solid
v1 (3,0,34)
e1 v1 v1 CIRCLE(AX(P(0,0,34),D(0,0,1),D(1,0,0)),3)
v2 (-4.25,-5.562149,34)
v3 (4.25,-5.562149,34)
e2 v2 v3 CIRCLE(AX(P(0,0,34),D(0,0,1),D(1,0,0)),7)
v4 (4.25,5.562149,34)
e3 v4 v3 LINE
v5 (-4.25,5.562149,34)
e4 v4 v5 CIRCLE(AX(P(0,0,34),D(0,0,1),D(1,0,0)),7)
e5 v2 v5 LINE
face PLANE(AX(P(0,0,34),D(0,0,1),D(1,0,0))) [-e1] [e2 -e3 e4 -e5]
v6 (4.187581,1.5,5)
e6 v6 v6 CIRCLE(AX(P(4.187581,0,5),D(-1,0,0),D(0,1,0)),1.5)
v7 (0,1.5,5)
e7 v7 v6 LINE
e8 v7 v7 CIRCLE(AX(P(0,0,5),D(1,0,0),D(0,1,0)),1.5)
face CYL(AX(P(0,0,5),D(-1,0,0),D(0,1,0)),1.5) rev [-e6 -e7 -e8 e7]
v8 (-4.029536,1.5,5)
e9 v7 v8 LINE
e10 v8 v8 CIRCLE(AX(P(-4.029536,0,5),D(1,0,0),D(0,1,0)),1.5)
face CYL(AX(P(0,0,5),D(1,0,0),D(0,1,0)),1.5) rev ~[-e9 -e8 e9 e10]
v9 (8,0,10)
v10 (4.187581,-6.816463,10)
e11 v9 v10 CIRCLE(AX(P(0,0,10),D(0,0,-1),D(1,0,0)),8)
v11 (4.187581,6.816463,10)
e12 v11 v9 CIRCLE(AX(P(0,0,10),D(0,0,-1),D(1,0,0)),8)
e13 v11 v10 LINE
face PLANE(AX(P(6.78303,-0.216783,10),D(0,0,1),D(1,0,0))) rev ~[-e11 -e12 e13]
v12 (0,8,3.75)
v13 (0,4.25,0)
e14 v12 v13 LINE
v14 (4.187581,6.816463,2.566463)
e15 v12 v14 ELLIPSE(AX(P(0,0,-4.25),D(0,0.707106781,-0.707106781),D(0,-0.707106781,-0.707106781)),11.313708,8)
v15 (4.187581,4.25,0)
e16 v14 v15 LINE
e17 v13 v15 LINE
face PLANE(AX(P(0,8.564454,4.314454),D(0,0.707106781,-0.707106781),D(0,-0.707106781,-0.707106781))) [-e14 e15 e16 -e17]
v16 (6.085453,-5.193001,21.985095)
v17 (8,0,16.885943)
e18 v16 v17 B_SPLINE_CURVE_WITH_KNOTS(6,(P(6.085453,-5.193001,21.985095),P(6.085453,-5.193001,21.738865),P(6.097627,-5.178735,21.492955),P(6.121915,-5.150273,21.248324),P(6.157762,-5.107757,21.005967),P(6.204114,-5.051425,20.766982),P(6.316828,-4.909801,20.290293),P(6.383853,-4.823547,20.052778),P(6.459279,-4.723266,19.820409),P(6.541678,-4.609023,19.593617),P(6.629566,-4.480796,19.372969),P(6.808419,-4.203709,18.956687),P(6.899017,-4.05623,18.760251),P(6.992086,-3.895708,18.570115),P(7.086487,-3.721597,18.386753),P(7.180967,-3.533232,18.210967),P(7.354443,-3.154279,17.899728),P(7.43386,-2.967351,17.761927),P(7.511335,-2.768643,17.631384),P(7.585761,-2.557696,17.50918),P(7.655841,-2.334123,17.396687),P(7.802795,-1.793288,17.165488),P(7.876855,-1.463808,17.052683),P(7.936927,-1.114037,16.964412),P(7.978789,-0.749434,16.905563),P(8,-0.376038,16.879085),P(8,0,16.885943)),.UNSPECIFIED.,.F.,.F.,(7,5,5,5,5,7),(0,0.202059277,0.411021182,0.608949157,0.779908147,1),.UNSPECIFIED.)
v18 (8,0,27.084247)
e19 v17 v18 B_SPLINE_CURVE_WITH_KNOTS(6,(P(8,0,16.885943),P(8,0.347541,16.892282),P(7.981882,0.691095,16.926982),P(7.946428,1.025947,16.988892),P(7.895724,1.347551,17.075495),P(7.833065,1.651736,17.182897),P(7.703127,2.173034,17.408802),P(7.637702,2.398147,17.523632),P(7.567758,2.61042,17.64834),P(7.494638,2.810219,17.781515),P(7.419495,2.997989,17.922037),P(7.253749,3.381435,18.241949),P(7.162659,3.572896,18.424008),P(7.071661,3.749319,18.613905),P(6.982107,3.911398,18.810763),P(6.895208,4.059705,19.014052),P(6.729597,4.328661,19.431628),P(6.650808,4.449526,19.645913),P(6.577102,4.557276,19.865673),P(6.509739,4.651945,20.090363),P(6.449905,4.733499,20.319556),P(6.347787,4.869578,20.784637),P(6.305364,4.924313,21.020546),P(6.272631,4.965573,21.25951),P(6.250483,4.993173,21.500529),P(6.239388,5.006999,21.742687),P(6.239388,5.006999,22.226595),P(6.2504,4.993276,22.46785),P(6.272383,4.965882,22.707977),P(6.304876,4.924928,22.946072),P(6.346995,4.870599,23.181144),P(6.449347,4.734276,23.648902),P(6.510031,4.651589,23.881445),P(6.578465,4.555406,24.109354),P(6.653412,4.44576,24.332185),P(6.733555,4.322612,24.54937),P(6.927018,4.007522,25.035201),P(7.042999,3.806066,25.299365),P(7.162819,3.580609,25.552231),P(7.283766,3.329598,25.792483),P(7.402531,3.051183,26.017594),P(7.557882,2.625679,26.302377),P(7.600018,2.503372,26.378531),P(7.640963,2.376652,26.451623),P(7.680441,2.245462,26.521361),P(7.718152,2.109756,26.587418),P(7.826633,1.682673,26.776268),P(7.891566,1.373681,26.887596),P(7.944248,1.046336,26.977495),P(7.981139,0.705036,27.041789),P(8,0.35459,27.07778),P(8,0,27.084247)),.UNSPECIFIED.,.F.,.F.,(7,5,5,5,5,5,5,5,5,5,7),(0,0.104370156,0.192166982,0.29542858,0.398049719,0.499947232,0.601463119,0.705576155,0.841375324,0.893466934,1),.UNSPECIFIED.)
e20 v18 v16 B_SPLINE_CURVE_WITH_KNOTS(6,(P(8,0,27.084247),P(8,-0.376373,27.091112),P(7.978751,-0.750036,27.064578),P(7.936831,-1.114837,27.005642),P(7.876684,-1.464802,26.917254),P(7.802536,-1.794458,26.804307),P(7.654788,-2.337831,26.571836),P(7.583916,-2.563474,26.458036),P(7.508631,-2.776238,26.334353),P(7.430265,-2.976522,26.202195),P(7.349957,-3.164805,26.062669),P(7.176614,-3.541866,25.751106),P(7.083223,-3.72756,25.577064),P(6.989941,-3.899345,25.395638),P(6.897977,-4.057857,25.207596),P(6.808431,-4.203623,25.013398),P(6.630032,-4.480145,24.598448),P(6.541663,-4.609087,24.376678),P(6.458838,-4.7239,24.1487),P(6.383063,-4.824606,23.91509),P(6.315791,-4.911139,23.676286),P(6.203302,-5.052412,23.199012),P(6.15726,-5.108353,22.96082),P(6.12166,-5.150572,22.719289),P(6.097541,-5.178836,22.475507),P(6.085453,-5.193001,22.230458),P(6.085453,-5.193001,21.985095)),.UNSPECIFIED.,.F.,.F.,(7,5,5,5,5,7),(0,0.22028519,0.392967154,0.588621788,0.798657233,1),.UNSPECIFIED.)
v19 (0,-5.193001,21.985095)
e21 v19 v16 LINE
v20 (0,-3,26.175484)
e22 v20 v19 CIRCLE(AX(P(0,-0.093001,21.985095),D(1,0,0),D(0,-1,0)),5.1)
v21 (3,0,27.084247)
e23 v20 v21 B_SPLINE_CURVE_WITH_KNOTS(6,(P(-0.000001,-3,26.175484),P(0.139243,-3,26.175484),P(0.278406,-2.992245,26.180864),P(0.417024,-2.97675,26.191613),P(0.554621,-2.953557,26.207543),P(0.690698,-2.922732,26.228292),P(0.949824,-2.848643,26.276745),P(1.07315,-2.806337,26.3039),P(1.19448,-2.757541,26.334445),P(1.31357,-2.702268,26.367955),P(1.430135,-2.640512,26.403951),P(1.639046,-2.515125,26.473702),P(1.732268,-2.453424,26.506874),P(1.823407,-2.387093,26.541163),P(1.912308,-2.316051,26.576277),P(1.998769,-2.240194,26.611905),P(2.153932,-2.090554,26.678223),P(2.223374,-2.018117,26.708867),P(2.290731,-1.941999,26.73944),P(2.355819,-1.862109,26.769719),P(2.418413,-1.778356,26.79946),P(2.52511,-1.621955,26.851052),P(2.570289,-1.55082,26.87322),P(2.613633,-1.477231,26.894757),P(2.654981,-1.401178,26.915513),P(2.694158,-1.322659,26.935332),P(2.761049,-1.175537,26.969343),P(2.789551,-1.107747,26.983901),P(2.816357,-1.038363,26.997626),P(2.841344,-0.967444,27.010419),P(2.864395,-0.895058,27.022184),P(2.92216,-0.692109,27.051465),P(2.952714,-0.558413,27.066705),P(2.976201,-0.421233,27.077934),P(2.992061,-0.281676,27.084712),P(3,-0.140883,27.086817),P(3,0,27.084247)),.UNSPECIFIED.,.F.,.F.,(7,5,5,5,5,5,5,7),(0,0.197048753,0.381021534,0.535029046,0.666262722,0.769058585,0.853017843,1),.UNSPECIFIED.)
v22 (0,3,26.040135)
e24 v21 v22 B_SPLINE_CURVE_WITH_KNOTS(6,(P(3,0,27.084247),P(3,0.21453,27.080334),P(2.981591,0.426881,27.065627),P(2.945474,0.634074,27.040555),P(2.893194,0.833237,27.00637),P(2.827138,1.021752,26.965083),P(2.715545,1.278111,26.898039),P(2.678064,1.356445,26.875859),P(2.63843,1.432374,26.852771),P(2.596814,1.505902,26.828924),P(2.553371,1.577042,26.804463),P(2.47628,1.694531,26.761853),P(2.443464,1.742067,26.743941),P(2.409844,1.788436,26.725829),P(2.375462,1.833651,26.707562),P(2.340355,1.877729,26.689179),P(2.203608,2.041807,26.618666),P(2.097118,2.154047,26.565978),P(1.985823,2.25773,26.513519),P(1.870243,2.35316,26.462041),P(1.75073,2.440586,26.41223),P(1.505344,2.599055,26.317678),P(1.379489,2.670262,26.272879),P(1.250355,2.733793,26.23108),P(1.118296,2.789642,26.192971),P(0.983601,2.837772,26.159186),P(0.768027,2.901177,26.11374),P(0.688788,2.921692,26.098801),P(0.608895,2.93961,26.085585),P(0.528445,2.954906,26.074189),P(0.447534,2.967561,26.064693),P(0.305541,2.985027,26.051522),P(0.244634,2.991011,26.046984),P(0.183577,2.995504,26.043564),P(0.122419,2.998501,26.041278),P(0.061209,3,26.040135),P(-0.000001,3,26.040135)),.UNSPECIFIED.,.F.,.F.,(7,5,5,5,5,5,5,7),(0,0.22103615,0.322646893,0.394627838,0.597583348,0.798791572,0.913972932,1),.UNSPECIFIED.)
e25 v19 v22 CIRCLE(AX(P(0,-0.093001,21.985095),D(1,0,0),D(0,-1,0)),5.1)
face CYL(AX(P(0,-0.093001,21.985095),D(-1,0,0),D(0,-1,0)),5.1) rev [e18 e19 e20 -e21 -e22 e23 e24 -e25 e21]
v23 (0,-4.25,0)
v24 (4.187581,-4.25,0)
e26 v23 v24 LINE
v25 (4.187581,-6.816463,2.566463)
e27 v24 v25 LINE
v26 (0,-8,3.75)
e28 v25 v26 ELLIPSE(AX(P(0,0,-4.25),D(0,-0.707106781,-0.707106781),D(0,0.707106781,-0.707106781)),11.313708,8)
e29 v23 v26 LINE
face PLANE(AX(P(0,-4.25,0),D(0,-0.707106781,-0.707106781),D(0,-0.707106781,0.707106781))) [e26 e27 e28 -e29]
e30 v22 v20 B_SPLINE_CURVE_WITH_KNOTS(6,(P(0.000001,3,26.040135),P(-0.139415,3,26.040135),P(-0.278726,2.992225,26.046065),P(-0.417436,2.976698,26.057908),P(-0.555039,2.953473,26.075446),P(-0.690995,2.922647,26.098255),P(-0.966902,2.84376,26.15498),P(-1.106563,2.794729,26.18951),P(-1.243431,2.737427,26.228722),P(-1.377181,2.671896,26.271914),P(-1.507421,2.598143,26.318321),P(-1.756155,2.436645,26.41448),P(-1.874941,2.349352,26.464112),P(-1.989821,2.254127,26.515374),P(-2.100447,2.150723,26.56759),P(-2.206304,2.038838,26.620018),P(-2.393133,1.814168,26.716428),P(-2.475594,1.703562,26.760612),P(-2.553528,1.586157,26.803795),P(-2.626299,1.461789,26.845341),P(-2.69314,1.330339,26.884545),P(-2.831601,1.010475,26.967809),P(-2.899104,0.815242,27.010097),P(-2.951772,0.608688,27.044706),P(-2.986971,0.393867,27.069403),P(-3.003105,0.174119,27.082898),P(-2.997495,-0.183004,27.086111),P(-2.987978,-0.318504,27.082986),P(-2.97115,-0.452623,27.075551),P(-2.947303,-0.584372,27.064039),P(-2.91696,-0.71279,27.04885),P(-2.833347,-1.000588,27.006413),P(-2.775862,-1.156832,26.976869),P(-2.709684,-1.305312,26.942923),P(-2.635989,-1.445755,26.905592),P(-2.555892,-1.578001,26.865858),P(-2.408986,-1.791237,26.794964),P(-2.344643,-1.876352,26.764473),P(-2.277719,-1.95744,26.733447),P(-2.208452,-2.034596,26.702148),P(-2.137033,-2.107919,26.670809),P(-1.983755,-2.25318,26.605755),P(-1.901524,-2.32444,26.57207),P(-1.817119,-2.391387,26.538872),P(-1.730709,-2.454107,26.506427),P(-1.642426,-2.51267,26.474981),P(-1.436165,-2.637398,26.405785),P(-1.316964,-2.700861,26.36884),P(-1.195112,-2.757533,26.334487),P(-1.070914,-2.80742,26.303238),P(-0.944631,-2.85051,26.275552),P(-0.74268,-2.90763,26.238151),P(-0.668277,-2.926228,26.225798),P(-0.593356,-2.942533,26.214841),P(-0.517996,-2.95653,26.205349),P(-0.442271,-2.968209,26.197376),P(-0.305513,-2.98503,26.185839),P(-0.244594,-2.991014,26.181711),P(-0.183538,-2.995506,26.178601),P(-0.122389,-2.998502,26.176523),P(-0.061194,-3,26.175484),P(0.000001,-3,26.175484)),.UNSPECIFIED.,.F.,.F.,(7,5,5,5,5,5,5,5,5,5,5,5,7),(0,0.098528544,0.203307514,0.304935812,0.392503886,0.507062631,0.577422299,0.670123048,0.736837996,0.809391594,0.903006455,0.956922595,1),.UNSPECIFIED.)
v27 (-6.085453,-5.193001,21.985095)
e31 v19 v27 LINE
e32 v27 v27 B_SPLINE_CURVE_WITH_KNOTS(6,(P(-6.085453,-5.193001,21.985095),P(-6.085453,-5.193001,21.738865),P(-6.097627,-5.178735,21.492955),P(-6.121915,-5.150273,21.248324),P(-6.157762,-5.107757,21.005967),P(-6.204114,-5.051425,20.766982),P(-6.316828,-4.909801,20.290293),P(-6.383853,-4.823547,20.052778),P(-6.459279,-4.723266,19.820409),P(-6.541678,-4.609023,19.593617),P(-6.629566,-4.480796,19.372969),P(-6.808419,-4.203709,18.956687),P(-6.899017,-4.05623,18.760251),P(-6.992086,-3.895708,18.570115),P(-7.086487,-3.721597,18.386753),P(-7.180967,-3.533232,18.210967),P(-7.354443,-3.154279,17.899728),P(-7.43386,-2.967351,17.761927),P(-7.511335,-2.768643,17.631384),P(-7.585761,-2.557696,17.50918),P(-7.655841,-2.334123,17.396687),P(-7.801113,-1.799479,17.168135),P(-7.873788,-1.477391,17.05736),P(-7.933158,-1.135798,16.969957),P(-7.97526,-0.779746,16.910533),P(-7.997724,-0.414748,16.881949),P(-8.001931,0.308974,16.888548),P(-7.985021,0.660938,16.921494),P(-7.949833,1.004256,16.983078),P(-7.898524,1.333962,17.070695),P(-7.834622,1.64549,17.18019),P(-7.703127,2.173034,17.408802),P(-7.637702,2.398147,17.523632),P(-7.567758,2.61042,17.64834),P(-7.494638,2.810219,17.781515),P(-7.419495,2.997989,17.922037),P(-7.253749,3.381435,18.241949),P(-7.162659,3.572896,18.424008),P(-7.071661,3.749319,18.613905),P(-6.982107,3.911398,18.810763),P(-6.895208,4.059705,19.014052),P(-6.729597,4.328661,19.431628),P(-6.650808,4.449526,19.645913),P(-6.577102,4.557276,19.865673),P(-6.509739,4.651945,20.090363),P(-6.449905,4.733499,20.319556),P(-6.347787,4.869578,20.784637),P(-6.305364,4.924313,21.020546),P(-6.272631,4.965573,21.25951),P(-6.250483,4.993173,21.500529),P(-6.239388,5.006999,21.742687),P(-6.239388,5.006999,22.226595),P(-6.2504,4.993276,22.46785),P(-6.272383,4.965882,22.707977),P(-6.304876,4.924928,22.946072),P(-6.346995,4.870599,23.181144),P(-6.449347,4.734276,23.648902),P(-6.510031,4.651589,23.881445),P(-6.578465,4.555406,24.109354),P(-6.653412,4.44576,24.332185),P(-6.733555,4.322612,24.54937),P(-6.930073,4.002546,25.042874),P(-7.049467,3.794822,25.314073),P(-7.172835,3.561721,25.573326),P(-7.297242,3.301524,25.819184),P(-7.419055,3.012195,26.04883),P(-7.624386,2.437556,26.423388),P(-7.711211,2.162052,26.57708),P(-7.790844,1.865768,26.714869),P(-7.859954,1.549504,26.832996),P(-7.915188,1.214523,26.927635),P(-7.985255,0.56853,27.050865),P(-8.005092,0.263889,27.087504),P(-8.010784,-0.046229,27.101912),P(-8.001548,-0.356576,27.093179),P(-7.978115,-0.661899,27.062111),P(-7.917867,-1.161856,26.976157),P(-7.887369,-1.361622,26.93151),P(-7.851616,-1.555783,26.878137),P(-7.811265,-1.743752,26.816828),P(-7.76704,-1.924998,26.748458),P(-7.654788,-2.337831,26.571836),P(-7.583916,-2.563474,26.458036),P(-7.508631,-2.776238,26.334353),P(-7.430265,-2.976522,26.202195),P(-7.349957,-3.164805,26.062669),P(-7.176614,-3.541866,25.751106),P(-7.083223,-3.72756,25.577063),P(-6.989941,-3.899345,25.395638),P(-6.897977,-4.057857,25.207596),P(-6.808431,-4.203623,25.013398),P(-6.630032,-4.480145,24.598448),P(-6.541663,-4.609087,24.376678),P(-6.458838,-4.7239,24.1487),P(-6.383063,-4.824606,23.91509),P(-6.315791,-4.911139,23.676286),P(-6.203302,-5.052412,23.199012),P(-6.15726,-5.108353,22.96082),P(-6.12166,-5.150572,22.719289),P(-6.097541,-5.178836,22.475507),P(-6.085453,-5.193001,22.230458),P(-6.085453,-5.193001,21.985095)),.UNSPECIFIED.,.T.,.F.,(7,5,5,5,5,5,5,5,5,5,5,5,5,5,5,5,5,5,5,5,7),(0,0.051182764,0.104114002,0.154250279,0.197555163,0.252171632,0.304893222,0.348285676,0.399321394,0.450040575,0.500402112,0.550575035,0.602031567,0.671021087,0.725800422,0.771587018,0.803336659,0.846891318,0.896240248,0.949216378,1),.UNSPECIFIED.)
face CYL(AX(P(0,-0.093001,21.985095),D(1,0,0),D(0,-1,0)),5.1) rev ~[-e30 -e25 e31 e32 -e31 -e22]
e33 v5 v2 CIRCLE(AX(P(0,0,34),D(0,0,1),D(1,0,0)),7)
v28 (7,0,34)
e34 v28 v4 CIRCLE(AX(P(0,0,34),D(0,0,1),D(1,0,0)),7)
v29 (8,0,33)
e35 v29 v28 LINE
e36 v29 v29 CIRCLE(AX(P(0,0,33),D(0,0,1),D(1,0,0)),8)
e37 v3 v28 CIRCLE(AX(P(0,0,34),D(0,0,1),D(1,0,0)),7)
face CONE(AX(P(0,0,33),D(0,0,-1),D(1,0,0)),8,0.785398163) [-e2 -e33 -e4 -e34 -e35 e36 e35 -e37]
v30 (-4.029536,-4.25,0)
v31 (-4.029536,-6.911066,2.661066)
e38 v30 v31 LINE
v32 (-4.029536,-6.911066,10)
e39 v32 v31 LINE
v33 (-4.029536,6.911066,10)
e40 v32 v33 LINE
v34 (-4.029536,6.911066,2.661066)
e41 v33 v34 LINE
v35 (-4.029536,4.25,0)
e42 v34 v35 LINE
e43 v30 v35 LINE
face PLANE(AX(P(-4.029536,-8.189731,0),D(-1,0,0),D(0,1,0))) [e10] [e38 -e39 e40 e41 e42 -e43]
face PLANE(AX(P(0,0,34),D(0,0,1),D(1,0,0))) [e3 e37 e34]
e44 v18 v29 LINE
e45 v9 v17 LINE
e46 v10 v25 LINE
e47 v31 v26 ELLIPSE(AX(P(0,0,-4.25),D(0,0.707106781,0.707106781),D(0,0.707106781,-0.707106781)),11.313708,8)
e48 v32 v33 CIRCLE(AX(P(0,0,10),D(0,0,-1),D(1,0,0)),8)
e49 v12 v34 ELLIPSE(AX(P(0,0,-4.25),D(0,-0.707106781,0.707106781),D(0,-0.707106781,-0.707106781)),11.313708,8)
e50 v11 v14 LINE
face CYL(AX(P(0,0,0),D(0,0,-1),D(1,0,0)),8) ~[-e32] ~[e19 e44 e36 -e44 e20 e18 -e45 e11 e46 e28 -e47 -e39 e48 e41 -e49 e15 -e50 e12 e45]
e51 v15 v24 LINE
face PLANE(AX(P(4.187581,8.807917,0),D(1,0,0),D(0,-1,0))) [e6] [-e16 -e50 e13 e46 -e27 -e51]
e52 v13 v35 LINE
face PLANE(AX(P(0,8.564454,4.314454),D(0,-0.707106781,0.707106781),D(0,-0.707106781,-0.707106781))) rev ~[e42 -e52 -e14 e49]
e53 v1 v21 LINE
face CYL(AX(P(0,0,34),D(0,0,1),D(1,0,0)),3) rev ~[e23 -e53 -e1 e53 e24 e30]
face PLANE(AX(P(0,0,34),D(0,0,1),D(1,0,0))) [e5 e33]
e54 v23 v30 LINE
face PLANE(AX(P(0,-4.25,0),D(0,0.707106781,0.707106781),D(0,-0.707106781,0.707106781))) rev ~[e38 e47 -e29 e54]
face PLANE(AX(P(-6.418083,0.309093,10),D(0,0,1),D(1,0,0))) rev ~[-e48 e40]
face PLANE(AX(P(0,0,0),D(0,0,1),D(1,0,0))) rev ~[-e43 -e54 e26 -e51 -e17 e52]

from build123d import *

# Parameters (mm, degrees)
F0_R           = 8
F1_DEPTH       = 34
F3_DEPTH       = 100
F5_DEPTH       = 8.0010001
F5_DEPTH_BACK  = 50
F7_SIZE2       = 1
F7_SIZE        = 1
F8_R           = 1.5
F9_DEPTH       = 50
F9_DEPTH_BACK  = 50
F11_DEPTH      = 50
F11_DEPTH_BACK = 50
F12_R          = 3
F13_DEPTH      = 12
F15_DEPTH      = 10
F17_DEPTH      = 10


with BuildPart() as f1:
    # F0 (on Top) → F1 (new body)
    with BuildSketch(Plane.XY):
        Circle(F0_R)
    extrude(amount=F1_DEPTH)

    # F2 (on Right) → F3 (cut)
    with BuildSketch(Plane.YZ):
        with BuildLine():
            ThreePointArc((4.5470095179, 22.0663473532), (0, 26.613356871), (-4.5470095179, 22.0663473532))
            Line((-4.5470095179, 22.0663473532), (4.5470095179, 22.0663473532))
        make_face()
        with BuildLine():
            Line((4.5470095179, 22.0663473532), (-4.5470095179, 22.0663473532))
            ThreePointArc((-4.5470095179, 22.0663473532), (0, 17.5193378353), (4.5470095179, 22.0663473532))
        make_face()
    extrude(amount=-F3_DEPTH, mode=Mode.SUBTRACT)

    # F4 (on Right) → F5 (cut, two sides)
    with BuildSketch(Plane.YZ) as f5_sk:
        with BuildLine():
            ThreePointArc((5.006999059, 21.9850950465), (-0.093000941, 27.0850950465), (-5.193000941, 21.9850950465))
            Line((-5.193000941, 21.9850950465), (5.006999059, 21.9850950465))
        make_face()
        with BuildLine():
            Line((5.006999059, 21.9850950465), (-5.193000941, 21.9850950465))
            ThreePointArc((-5.193000941, 21.9850950465), (-0.093000941, 16.8850950465), (5.006999059, 21.9850950465))
        make_face()
    extrude(amount=F5_DEPTH, mode=Mode.SUBTRACT)
    extrude(f5_sk.sketch, amount=-F5_DEPTH_BACK, mode=Mode.SUBTRACT)

    # F7
    f7_edges = [f1.edges().sort_by_distance(p)[0] for p in [
        (-8, 0, 34),
    ]]
    chamfer(f7_edges, length=F7_SIZE, length2=F7_SIZE2)

    # F8 (on Right) → F9 (cut, two sides)
    with BuildSketch(Plane.YZ) as f9_sk:
        with Locations((0, 5)):
            Circle(F8_R)
    extrude(amount=-F9_DEPTH, mode=Mode.SUBTRACT)
    extrude(f9_sk.sketch, amount=F9_DEPTH_BACK, mode=Mode.SUBTRACT)

    # F10 (on Right) → F11 (cut, two sides)
    with BuildSketch(Plane.YZ) as f11_sk:
        Polygon((8.5644535553, 4.3144535553), (4.25, 0), (8.5644535553, 0), align=None)
        Polygon((-8.5644535553, 4.3144535553), (-8.5644535553, 0), (-4.25, 0), align=None)
    extrude(amount=-F11_DEPTH, mode=Mode.SUBTRACT)
    extrude(f11_sk.sketch, amount=F11_DEPTH_BACK, mode=Mode.SUBTRACT)

    # F12 (on face) → F13 (cut)
    with BuildSketch(Plane.XY.offset(34)):
        Circle(F12_R)
    extrude(amount=-F13_DEPTH, mode=Mode.SUBTRACT)

    # F14 (on face) → F15 (cut)
    with BuildSketch(Plane.XY.offset(34)):
        Polygon((-4.25, -8.8976696134), (-4.25, 0), (-4.25, 8.1088971347), (-12.2155025601, 8.1088971347), (-12.2155025601, -9.0591032058), align=None)
        Polygon((4.25, 8.1645697355), (4.25, 0), (4.25, -8.8976696134), (9.4557348639, -8.8976696134), (9.4557348639, 8.1645697355), align=None)
    extrude(amount=F15_DEPTH, mode=Mode.SUBTRACT)

    # F16 (on Top) → F17 (cut)
    with BuildSketch(Plane.XY):
        Polygon((-8.8066291064, -8.1897312775), (-4.0295359638, -8.1897312775), (-4.0295359638, 0), (-4.0295359638, 8.8079171255), (-8.8066291064, 8.8079171255), align=None)
        Polygon((4.1875811294, 0), (4.1875811294, -9.2414822429), (9.3784797937, -9.2414822429), (9.3784797937, 8.8079171255), (4.1875811294, 8.8079171255), align=None)
    extrude(amount=F17_DEPTH, mode=Mode.SUBTRACT)


solid = f1.part
